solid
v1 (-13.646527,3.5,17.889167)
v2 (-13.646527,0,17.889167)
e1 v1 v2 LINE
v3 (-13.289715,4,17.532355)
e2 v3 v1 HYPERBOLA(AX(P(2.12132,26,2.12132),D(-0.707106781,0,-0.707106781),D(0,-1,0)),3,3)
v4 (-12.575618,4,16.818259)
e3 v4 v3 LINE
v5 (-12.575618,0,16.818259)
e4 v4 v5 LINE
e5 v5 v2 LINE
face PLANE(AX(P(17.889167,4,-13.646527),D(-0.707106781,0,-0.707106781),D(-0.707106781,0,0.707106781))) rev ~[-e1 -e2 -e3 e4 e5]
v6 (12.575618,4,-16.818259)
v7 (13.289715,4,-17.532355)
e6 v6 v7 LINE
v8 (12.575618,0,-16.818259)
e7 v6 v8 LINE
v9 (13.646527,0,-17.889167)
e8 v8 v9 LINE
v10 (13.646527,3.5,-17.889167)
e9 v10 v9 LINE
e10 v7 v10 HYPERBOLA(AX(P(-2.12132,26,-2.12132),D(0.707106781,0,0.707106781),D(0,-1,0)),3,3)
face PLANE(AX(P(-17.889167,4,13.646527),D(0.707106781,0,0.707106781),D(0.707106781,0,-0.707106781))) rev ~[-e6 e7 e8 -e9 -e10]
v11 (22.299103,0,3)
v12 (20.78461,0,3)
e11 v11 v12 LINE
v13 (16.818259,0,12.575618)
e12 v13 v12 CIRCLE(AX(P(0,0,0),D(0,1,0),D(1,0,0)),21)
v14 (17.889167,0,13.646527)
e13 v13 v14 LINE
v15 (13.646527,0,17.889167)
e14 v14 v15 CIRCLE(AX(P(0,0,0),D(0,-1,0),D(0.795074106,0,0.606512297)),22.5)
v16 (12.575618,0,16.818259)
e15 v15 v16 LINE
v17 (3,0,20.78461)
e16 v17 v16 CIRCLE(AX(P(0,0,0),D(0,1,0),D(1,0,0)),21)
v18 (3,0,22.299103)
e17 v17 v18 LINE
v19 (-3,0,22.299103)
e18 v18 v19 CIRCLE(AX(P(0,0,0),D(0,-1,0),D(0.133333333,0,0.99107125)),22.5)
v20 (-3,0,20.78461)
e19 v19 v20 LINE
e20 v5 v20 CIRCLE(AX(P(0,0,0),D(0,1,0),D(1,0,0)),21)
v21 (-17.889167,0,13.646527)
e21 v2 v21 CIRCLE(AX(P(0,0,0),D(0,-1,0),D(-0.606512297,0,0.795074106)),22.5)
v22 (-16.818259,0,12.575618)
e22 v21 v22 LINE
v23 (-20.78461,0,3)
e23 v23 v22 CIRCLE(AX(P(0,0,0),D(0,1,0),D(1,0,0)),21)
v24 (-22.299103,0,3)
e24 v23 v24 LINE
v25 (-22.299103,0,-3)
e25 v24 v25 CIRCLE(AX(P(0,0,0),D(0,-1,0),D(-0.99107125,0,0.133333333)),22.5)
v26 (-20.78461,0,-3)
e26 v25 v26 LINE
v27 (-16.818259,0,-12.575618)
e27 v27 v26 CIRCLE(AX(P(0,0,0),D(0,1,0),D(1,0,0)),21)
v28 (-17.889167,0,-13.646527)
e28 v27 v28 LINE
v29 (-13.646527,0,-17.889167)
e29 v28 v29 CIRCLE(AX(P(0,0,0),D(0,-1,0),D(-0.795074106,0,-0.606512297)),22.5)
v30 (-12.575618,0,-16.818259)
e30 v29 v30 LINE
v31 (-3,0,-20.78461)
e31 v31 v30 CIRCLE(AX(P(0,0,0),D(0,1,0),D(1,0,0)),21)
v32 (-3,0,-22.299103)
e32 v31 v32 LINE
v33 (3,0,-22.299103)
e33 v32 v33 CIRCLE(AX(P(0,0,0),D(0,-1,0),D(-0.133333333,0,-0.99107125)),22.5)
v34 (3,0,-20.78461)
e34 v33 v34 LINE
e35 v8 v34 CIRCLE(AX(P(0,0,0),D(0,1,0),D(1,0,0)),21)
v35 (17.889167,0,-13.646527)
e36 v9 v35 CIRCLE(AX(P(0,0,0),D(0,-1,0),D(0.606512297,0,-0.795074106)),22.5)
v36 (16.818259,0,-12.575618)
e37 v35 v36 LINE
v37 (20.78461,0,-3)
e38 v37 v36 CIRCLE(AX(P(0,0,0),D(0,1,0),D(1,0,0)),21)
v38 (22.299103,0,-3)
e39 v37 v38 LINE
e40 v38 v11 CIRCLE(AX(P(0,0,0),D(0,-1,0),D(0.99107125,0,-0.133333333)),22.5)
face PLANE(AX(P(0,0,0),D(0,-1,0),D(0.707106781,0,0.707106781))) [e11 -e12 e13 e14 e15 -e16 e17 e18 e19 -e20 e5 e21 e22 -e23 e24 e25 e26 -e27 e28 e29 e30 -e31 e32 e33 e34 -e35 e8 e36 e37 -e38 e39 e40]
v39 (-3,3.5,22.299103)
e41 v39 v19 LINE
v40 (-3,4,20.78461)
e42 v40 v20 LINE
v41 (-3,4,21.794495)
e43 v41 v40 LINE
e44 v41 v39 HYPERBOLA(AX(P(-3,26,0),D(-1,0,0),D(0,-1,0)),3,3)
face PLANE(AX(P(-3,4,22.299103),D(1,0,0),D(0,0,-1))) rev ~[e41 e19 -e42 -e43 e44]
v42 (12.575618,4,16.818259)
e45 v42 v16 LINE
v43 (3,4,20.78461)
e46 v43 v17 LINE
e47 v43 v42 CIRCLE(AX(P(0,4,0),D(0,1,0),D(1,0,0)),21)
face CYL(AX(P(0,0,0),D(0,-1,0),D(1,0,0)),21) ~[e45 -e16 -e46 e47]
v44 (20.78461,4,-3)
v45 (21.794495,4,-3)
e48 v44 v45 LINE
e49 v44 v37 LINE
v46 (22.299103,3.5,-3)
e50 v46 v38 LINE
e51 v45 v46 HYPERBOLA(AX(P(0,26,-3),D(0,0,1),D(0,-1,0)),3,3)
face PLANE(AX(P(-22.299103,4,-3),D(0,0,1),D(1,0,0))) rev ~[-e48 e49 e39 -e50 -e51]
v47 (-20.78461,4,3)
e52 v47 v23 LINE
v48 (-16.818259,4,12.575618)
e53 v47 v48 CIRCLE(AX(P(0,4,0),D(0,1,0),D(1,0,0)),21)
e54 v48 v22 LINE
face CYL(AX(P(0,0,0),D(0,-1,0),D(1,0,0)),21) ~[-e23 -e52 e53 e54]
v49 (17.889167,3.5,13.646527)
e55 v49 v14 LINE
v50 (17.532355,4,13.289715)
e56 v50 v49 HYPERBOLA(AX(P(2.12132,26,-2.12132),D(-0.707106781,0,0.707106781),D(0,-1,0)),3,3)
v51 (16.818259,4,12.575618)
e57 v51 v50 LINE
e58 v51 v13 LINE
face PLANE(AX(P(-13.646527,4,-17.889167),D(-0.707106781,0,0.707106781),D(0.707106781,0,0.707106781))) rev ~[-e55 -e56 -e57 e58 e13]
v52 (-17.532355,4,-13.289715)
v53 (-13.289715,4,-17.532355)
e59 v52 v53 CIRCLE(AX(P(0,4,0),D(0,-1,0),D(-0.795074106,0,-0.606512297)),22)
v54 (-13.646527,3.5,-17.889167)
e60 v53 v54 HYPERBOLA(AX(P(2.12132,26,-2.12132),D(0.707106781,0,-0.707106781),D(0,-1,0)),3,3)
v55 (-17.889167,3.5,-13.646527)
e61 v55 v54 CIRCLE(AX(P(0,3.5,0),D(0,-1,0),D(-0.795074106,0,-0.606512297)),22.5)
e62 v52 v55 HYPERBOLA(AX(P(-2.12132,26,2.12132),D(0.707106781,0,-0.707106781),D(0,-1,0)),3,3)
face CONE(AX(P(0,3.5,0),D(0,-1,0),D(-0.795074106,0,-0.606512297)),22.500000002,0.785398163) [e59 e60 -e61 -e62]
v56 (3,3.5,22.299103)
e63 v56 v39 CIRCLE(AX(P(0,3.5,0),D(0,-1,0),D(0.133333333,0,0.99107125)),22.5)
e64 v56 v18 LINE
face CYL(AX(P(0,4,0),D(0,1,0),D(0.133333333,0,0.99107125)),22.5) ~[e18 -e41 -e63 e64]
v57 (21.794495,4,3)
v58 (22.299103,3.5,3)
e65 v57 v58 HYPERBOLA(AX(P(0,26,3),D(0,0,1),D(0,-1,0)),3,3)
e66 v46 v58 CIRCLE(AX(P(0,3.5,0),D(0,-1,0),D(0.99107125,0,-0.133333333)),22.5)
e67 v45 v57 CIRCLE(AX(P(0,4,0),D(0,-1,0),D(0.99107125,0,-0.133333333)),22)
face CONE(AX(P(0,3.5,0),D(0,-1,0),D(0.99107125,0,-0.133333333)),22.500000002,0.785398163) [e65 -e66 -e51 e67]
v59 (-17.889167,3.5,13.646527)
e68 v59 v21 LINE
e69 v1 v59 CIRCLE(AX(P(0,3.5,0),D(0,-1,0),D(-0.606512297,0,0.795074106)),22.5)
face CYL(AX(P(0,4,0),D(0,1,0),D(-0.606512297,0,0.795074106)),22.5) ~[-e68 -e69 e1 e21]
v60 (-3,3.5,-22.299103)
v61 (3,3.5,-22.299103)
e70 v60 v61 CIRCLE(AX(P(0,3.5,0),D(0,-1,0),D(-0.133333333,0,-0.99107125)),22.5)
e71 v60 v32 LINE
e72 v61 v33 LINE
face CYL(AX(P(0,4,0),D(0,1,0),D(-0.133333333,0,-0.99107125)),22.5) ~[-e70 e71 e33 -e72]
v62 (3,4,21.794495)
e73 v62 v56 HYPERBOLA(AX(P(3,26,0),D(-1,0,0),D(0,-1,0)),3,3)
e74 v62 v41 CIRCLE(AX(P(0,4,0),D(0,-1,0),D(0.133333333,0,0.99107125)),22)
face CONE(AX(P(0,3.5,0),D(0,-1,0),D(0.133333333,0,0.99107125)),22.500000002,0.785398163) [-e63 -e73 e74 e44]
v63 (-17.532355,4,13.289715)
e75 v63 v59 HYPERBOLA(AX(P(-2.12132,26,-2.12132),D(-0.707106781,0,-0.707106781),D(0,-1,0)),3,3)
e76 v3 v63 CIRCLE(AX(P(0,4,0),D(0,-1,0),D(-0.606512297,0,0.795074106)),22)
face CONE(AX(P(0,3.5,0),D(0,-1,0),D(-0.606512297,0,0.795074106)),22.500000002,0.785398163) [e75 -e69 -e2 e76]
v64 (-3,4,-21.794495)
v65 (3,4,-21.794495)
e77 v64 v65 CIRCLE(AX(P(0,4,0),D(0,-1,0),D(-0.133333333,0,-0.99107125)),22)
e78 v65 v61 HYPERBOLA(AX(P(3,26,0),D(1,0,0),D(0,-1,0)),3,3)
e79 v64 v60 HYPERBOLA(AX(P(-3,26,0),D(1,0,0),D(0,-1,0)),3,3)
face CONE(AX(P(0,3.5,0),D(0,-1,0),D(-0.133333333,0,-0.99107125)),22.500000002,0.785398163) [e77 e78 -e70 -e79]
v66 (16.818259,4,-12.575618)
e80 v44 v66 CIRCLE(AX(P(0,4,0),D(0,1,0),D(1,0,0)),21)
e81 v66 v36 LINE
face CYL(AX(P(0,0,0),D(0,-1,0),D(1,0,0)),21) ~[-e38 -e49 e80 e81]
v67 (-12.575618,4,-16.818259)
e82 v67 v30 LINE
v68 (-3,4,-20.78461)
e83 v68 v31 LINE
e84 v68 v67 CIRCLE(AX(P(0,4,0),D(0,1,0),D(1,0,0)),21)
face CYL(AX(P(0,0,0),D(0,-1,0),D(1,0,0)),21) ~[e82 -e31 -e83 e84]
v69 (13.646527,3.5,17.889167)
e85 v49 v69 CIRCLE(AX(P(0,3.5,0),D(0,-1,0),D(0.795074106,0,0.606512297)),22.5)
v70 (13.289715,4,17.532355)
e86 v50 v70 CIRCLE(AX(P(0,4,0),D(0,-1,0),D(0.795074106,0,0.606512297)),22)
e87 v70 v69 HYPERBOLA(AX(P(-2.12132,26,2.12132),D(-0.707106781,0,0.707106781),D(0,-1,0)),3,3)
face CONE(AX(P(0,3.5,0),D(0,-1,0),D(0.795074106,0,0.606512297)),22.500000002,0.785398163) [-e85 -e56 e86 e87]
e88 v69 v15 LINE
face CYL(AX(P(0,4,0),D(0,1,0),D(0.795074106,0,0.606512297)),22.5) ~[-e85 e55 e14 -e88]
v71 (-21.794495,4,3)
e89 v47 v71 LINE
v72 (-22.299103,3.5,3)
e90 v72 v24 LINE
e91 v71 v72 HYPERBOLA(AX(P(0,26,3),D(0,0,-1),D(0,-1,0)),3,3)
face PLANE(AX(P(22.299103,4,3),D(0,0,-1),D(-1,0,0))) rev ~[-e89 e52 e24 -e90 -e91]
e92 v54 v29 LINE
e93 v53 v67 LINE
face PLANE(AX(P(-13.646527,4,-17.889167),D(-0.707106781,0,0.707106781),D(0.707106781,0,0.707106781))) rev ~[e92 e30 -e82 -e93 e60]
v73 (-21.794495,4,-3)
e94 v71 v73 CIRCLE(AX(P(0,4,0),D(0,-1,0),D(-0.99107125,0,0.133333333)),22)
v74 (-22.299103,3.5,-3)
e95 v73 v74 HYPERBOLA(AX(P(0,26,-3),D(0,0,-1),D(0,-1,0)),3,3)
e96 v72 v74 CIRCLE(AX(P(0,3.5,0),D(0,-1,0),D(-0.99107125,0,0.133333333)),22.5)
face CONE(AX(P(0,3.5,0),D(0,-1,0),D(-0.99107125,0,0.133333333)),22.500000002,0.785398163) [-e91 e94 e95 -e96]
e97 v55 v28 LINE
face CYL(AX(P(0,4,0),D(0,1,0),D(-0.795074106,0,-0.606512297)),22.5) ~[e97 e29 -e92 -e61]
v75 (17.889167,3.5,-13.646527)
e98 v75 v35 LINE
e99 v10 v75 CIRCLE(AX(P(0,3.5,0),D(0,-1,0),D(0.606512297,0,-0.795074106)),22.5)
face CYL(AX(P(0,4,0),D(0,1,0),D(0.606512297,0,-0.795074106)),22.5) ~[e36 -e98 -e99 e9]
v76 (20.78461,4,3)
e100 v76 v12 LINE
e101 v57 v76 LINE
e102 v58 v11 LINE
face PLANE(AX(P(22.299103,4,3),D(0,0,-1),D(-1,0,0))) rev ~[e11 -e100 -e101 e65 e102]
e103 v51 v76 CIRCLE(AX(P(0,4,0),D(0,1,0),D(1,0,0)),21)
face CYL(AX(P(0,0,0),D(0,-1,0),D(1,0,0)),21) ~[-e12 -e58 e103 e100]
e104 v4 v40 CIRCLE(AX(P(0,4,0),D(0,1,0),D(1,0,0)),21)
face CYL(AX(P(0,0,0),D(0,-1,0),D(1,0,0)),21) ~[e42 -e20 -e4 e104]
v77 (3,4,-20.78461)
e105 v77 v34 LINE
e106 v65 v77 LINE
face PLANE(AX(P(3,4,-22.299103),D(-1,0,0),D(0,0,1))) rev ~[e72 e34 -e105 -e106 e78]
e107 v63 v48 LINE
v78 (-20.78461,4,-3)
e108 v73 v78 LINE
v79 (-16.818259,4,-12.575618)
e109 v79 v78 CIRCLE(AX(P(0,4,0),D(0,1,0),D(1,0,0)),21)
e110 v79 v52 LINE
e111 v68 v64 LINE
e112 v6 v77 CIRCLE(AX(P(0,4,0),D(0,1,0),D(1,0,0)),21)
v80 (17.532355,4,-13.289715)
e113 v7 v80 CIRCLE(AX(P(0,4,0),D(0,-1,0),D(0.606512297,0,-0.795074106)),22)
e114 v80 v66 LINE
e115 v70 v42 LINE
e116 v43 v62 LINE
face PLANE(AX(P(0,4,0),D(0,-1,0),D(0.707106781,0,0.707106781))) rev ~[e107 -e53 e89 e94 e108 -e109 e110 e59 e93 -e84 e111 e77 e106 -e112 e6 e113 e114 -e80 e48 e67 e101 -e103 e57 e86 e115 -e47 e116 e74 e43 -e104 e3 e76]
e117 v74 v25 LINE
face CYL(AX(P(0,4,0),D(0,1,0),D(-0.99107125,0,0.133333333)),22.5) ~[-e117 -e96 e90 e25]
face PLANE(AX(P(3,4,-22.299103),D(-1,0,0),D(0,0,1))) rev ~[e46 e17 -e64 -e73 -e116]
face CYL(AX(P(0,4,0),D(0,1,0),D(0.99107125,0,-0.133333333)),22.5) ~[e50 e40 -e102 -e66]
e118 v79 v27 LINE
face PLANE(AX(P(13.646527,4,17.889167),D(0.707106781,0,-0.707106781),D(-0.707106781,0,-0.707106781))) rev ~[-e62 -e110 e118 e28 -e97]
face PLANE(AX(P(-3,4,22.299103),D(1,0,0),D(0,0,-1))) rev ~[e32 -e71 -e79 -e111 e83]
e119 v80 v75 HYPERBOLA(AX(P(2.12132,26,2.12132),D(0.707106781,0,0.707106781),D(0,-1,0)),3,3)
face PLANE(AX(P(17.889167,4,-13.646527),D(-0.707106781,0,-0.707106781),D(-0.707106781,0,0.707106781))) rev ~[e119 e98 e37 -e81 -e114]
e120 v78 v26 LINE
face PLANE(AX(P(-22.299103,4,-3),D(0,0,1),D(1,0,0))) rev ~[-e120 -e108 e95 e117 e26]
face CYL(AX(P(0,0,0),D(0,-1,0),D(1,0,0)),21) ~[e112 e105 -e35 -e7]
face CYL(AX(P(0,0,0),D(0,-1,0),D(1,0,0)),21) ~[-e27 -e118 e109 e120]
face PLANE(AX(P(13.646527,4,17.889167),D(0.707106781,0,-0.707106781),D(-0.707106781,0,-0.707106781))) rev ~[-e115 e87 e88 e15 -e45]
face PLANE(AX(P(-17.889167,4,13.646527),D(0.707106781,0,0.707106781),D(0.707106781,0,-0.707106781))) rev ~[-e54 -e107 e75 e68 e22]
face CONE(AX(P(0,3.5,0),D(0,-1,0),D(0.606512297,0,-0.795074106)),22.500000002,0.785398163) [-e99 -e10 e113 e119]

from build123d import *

# Parameters (mm, degrees)
SKETCH_1_R               = 21
EXTRUDE_1_DEPTH          = 4
EXTRUDE_2_DEPTH          = 4
PATTERN_CIRCULAR_1_COUNT = 8
CHAMFER_1_SIZE           = 0.5


with BuildPart() as part:
    # 草图1 → 凸台-拉伸1 (new body)
    with BuildSketch(Plane(origin=(0, 0, 0), x_dir=(1, 0, 0), z_dir=(0, 1, 0))):
        Circle(SKETCH_1_R)
    extrude(amount=EXTRUDE_1_DEPTH)

    # 草图2 → 凸台-拉伸2 (add)
    with BuildSketch(Plane(origin=(0, 4, 0), x_dir=(1, 0, 0), z_dir=(0, 1, 0))):
        with BuildLine():
            Line((-22.299103121, 3), (22.299103121, 3))
            ThreePointArc((22.299103121, 3), (22.5, 0), (22.299103121, -3))
            Line((22.299103121, -3), (-22.299103121, -3))
            ThreePointArc((-22.299103121, -3), (-22.5, 0), (-22.299103121, 3))
        make_face()
    extrude_2 = extrude(amount=-EXTRUDE_2_DEPTH)

    # 阵列(圆周)1: 凸台-拉伸2 ×8 about axis
    pattern_circular_1_axis = Axis((0, 0, 0), (0, 1, 0))
    for i in range(1, PATTERN_CIRCULAR_1_COUNT):
        add(extrude_2.rotate(pattern_circular_1_axis, i * 360 / PATTERN_CIRCULAR_1_COUNT))

    # 倒角1
    chamfer_1_edges = [part.edges().sort_by_distance(p)[0] for p in [
        (22.5, 4, 0),
        (-22.5, 4, 0),
        (15.909902577, 4, -15.909902577),
        (0, 4, -22.5),
        (-15.909902577, 4, -15.909902577),
        (15.909902577, 4, 15.909902577),
        (-15.909902577, 4, 15.909902577),
        (0, 4, 22.5),
    ]]
    chamfer(chamfer_1_edges, length=CHAMFER_1_SIZE)


solid = part.part
